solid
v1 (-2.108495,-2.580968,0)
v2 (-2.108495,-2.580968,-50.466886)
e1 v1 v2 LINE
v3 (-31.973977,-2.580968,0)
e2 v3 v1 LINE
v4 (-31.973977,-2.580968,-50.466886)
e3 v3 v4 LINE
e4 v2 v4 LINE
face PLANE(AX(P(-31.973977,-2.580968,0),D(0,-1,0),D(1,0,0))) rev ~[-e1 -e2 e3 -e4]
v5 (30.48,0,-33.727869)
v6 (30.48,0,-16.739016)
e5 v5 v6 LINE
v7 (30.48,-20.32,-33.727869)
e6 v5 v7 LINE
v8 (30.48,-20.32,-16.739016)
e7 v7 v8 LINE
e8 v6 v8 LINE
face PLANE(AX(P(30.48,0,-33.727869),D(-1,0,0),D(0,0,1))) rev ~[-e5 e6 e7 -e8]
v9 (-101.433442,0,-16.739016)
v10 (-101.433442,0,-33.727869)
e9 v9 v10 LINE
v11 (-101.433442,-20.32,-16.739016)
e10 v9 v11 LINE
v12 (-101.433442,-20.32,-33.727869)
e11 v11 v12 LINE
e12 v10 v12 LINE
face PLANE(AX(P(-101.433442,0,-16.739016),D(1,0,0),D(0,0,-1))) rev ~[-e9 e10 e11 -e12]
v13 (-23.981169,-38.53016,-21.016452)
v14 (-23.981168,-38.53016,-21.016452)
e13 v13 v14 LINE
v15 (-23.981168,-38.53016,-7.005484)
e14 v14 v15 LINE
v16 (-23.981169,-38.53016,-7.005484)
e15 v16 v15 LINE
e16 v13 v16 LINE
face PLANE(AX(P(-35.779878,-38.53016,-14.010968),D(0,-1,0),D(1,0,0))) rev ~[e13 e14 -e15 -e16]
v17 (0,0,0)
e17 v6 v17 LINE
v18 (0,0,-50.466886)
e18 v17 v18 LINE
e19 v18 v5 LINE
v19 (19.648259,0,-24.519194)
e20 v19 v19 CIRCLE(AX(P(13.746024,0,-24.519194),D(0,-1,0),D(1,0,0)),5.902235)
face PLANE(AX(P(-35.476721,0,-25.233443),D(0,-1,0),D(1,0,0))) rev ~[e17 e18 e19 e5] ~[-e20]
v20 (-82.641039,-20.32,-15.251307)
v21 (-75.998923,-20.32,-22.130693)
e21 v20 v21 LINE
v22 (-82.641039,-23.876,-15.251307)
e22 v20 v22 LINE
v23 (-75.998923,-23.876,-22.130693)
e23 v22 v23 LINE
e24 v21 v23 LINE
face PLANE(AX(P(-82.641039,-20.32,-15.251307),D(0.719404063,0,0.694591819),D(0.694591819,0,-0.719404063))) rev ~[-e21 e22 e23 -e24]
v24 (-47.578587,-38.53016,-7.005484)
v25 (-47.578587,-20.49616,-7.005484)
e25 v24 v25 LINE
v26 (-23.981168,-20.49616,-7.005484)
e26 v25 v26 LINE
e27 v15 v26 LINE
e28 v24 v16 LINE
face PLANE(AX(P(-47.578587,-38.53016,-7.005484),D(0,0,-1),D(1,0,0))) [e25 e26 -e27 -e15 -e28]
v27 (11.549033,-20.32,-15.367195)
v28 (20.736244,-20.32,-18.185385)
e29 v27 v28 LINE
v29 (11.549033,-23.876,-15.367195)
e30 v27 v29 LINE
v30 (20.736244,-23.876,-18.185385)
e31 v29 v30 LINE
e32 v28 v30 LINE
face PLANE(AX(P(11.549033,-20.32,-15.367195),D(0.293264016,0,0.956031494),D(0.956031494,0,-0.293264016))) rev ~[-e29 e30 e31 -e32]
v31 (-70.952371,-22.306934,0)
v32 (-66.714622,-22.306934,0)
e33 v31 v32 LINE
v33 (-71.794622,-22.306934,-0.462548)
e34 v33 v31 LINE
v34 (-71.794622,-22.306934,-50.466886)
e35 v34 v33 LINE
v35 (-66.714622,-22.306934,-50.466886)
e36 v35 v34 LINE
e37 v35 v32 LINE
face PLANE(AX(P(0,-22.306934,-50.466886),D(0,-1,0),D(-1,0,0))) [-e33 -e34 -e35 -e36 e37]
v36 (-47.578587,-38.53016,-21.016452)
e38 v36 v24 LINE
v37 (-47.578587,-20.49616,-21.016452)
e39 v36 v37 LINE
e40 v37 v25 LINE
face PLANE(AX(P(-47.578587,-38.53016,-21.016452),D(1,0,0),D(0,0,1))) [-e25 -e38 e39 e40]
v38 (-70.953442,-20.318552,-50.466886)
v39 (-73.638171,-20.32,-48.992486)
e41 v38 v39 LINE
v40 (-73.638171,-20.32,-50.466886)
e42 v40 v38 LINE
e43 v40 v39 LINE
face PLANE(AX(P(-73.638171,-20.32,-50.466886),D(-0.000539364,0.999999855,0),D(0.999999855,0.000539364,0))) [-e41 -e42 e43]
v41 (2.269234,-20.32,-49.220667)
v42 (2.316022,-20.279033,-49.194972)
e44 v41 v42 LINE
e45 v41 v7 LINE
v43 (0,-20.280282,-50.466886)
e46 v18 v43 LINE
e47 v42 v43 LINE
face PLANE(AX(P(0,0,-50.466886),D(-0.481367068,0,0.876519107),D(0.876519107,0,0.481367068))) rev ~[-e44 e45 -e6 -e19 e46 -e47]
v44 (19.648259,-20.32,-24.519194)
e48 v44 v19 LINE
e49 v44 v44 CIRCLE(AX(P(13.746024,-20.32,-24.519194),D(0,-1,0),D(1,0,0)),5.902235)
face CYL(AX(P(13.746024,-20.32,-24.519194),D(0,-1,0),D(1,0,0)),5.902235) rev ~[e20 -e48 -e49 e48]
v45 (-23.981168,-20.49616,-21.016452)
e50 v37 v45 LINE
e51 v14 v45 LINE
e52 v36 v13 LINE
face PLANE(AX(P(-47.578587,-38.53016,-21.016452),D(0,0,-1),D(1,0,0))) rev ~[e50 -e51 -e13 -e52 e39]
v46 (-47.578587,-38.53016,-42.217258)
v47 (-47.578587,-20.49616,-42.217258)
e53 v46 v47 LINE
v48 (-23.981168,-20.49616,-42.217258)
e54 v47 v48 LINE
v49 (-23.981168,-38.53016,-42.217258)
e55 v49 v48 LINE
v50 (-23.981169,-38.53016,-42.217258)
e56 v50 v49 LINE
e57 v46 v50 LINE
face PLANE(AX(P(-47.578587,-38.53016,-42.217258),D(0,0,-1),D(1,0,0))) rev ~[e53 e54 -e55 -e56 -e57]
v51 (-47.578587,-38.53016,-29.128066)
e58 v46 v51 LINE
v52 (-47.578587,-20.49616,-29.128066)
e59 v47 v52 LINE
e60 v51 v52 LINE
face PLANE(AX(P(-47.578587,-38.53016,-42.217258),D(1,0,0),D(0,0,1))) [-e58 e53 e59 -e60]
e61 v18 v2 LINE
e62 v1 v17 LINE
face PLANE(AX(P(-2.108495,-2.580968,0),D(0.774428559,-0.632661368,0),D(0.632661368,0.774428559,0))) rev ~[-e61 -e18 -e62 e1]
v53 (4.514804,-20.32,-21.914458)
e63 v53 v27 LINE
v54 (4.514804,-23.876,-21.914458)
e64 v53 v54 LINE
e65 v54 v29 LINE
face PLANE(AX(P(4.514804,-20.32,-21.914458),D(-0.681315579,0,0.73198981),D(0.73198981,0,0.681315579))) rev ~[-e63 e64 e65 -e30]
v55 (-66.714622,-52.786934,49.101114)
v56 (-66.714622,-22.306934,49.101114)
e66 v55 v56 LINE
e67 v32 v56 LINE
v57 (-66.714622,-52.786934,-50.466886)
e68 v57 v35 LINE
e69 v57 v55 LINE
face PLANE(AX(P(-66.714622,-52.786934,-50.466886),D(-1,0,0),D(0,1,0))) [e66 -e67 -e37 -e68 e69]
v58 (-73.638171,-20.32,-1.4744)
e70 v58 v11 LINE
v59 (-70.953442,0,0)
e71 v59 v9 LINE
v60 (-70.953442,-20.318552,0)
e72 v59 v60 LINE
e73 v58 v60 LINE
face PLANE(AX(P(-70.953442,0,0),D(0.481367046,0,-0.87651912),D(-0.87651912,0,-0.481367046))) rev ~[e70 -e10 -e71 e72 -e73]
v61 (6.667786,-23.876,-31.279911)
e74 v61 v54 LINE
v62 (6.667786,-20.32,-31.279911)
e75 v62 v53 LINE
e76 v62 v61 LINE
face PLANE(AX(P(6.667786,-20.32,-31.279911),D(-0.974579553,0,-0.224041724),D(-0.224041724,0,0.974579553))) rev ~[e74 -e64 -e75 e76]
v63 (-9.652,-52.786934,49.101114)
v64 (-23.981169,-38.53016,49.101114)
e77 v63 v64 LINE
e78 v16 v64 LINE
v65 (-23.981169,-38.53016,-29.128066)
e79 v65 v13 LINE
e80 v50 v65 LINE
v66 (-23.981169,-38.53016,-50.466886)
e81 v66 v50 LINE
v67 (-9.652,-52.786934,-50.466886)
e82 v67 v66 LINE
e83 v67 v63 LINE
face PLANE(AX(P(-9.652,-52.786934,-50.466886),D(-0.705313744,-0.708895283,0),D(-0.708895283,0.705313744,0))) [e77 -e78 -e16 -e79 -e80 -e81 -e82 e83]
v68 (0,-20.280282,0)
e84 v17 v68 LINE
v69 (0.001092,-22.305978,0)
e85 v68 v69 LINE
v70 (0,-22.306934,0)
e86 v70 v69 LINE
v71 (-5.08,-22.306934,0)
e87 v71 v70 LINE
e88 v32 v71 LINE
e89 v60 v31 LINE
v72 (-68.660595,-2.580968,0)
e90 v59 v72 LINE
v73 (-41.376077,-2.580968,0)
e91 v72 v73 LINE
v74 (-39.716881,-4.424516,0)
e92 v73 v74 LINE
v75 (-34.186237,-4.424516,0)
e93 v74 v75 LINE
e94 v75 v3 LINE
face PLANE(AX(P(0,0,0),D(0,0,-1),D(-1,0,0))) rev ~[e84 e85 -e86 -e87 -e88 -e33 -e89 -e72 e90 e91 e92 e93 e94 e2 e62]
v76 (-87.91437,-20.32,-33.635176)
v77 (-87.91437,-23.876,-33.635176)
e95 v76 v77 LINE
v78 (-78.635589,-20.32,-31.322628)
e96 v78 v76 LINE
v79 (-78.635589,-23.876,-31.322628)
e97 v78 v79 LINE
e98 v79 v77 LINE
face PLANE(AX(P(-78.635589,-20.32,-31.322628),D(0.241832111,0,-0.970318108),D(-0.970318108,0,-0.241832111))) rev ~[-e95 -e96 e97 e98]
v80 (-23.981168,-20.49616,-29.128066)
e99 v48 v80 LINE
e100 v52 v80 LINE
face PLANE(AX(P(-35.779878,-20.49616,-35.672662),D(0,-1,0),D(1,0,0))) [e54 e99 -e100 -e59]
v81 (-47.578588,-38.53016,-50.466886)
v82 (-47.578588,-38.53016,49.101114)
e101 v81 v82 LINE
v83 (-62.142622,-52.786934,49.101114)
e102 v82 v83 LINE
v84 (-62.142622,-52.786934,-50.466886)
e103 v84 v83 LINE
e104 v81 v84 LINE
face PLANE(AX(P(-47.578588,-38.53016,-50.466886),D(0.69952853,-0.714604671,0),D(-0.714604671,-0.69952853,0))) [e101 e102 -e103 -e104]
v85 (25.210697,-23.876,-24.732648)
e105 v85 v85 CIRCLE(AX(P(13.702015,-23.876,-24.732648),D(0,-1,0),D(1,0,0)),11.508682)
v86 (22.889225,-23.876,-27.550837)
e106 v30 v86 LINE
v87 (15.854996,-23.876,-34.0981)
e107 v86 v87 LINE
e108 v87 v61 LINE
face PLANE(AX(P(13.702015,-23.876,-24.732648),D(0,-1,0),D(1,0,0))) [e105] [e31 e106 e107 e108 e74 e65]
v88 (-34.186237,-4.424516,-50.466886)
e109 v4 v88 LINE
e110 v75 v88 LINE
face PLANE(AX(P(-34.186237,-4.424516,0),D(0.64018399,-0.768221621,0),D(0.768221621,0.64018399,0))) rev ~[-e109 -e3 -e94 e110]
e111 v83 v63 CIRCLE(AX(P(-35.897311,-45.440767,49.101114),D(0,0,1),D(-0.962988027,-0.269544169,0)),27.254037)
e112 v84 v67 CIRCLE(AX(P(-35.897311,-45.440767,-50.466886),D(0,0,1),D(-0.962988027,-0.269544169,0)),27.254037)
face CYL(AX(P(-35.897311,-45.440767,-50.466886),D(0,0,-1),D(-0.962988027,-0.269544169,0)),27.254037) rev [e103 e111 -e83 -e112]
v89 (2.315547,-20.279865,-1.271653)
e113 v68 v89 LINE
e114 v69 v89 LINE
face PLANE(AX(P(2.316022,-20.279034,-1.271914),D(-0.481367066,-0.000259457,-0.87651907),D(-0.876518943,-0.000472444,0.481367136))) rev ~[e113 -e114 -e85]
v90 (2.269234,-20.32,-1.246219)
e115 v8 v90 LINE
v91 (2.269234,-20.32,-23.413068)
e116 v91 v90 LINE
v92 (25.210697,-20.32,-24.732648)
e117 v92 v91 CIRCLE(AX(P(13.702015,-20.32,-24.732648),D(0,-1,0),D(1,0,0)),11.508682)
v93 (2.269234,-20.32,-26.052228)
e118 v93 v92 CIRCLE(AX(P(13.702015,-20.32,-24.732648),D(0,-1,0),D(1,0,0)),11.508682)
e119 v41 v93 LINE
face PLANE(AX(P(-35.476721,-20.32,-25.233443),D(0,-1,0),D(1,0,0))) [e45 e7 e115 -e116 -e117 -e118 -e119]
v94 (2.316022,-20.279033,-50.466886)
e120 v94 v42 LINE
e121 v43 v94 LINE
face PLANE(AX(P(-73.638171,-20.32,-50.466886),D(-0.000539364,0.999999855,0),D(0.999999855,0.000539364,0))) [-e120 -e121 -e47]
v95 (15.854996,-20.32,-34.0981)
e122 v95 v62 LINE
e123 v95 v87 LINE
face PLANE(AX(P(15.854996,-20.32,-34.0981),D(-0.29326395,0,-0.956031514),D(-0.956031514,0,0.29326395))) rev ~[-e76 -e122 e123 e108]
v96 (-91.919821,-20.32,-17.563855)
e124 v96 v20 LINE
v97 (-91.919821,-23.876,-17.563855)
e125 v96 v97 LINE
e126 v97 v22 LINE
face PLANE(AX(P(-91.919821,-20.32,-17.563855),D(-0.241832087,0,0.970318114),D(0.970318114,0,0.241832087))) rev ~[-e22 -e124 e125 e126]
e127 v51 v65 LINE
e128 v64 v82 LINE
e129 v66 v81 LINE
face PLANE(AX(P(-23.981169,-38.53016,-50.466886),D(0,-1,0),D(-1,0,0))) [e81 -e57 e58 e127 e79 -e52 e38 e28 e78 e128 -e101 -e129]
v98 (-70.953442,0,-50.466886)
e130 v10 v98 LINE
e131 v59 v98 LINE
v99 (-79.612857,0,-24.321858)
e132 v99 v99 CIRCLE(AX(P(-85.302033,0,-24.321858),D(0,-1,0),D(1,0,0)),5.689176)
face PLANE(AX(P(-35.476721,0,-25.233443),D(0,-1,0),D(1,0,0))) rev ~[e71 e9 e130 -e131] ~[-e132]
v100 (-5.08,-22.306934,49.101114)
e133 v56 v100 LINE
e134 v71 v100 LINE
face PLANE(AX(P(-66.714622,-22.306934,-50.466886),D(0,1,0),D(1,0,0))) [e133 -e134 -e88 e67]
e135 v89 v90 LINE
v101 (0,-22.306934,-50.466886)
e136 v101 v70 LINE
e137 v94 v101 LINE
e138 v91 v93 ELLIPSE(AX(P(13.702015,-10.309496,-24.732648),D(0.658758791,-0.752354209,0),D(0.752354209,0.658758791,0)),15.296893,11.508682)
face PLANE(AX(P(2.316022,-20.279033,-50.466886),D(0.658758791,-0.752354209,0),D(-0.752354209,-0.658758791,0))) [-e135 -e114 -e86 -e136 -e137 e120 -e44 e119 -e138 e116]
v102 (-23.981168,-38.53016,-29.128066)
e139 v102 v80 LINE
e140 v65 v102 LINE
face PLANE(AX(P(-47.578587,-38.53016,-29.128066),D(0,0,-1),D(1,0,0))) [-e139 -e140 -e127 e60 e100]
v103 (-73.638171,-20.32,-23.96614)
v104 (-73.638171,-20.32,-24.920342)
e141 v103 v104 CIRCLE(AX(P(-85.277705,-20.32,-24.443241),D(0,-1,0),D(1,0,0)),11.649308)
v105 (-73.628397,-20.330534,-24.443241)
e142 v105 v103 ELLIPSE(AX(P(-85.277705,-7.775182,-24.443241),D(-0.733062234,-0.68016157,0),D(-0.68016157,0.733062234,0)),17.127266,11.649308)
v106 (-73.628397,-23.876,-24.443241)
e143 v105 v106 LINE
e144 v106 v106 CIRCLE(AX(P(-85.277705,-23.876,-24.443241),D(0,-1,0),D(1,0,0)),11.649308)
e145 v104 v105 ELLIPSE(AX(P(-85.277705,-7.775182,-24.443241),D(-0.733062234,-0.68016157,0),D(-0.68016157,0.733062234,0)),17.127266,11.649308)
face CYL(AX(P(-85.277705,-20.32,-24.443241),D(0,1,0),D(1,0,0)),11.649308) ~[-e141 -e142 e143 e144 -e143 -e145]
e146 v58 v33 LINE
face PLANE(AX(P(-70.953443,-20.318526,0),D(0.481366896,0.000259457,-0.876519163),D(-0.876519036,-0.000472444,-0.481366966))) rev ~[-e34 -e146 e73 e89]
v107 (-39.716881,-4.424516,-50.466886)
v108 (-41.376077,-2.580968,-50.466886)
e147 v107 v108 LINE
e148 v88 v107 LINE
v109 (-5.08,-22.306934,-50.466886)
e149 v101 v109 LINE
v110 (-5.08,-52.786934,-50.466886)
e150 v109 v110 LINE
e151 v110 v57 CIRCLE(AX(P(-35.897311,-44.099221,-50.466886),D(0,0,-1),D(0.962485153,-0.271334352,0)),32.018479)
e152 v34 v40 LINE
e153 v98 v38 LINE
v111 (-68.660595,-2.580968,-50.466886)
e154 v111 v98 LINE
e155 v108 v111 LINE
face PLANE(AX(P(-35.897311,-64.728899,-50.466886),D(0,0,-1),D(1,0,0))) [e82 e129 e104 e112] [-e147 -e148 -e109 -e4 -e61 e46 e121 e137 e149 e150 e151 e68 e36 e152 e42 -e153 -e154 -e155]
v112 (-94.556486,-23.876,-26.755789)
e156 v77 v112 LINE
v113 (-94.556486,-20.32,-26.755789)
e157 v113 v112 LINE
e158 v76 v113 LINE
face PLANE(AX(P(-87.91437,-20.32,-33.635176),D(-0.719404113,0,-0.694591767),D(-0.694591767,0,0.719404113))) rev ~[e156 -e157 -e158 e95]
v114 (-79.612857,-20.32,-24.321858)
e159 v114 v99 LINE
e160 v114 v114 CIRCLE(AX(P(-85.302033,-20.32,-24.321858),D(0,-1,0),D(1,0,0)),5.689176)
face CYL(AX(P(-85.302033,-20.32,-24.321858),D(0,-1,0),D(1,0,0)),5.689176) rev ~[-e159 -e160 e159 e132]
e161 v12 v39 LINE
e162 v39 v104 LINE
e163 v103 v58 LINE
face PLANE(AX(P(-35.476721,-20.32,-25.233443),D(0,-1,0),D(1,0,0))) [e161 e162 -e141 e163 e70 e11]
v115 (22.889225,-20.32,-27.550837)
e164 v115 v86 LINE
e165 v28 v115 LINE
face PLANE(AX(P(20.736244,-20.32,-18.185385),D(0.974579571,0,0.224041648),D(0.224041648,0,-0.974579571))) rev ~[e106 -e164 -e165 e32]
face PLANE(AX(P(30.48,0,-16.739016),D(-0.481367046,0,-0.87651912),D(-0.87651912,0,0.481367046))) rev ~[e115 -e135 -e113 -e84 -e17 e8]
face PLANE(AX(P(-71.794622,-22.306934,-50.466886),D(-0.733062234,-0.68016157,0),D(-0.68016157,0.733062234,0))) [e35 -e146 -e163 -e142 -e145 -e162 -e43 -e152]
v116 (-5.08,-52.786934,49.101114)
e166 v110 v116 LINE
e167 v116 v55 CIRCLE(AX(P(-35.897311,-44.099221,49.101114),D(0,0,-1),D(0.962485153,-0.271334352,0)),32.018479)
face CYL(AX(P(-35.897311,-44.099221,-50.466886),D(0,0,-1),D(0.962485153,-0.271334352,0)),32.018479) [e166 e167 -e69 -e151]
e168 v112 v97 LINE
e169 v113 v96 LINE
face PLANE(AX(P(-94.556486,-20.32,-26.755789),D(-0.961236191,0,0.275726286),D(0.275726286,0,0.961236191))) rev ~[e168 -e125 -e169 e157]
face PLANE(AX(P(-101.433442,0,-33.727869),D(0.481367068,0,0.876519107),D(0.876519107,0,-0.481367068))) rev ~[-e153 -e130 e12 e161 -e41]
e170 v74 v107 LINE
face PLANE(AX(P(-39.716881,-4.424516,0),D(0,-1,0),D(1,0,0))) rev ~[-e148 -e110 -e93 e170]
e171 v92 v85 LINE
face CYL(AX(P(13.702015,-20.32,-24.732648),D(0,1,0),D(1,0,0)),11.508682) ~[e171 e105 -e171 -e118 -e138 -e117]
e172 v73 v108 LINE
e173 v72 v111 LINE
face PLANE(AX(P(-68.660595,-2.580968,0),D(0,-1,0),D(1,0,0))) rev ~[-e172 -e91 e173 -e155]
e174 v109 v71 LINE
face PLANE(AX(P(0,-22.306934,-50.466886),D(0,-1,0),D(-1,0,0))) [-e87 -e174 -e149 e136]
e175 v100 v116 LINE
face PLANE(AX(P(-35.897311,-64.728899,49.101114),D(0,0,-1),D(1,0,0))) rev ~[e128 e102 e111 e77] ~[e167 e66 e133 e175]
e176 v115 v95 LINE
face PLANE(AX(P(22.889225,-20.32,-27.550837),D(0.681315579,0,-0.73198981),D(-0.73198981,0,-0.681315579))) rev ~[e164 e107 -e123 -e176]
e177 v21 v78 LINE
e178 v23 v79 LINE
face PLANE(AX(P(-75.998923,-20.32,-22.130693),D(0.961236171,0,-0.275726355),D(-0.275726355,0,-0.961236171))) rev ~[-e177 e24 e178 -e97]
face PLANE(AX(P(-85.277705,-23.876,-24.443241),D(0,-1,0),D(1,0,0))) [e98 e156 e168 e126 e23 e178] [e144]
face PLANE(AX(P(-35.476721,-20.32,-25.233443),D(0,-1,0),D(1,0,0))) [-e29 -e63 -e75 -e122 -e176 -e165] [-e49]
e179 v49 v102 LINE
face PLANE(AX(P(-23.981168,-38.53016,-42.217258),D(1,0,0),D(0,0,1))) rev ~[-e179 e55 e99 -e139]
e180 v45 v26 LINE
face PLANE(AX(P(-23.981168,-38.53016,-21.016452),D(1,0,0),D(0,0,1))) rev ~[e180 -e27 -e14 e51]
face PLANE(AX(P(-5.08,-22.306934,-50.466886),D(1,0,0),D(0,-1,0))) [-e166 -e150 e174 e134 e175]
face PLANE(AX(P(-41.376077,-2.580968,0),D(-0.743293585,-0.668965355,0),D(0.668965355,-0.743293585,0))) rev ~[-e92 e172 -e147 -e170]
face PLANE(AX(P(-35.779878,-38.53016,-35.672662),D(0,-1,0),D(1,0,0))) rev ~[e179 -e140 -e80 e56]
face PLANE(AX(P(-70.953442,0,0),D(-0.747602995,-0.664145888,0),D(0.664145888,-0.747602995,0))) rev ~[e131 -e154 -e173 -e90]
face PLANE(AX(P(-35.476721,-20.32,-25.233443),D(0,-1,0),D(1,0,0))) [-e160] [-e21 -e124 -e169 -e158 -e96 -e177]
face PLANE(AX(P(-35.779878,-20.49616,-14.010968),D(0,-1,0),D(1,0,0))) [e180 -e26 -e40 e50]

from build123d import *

# Parameters (mm, degrees)
F1_DEPTH  = 20.32
F3_DEPTH  = 53.848
F5_DEPTH  = 25.4
F7_DEPTH  = 54.356
F8_R      = 11.508682
F8_R_2    = 11.649308
F9_DEPTH  = 3.556
F10_R     = 5.689176
F10_R_2   = 5.902235
F11_DEPTH = 29.972
F13_DEPTH = 99.568
F14_W     = 23.597419
F14_H     = 13.089193
F14_H_2   = 14.010968
F15_DEPTH = 18.034
F17_DEPTH = 99.568


with BuildPart() as f1:
    # F0 (on Front) → F1 (new body)
    with BuildSketch(Plane.XZ):
        Polygon((0, 0), (-70.953442, 0), (-101.433442, -16.739016), (-101.433442, -33.727869), (-70.953442, -50.466886), (0, -50.466886), (30.48, -33.727869), (30.48, -16.739016), align=None)
    extrude(amount=F1_DEPTH)

    # F2 (on face) → F3 (join)
    with BuildSketch(Plane(origin=(0, 0, -50.466886), x_dir=(1, 0, 0), z_dir=(0, 0, -1))):
        Polygon((-73.638171, 20.32), (2.316022, 20.279033), (0, 22.306934), (-71.794622, 22.306934), align=None)
    extrude(amount=-F3_DEPTH)

    # F4 (on face) → F5 (cut)
    with BuildSketch(Plane(origin=(0.010938, -20.280276, 0), x_dir=(-1, -0.000539, 0), z_dir=(-0.000539, 1, 0))):
        Polygon((70.964391, 0), (73.64912, -1.4744), (73.64912, 3.381114), (-2.305084, 3.381114), (-2.305084, -1.271914), (0.010938, 0), align=None)
    extrude(amount=-F5_DEPTH, mode=Mode.SUBTRACT)

    # F6 (on face) → F7 (cut)
    with BuildSketch(Plane.XY):
        Polygon((-2.108495, -2.580968), (0, 0), (-70.953442, 0), (-68.660595, -2.580968), (-41.376077, -2.580968), (-39.716881, -4.424516), (-34.186237, -4.424516), (-31.973977, -2.580968), align=None)
    extrude(amount=-F7_DEPTH, mode=Mode.SUBTRACT)

    # F8 (on face) → F9 (join)
    with BuildSketch(Plane.XZ.offset(20.32)):
        with Locations((13.702015, -24.732648)):
            Circle(F8_R)
        Polygon((4.514804, -21.914458), (11.549033, -15.367195), (20.736244, -18.185385), (22.889225, -27.550837), (15.854996, -34.0981), (6.667786, -31.279911), align=None, mode=Mode.SUBTRACT)
        with Locations((-85.277705, -24.443241)):
            Circle(F8_R_2)
        Polygon((-94.556486, -26.755789), (-91.919821, -17.563855), (-82.641039, -15.251307), (-75.998923, -22.130693), (-78.635589, -31.322628), (-87.91437, -33.635176), align=None, mode=Mode.SUBTRACT)
    extrude(amount=F9_DEPTH)

    # F10 (on face) → F11 (cut)
    with BuildSketch(Plane.XZ.offset(20.32)):
        with Locations((-85.302033, -24.321858)):
            Circle(F10_R)
        with Locations((13.746024, -24.519194)):
            Circle(F10_R_2)
    extrude(amount=-F11_DEPTH, mode=Mode.SUBTRACT)

    # F12 (on face) → F13 (join)
    with BuildSketch(Plane(origin=(0, 0, -50.466886), x_dir=(1, 0, 0), z_dir=(0, 0, -1))):
        Polygon((-66.714622, 52.786934), (-66.714622, 22.306934), (-5.08, 22.306934), (-5.08, 52.786934), (-9.652, 52.786934), (-23.981169, 38.53016), (-47.578588, 38.53016), (-62.142622, 52.786934), align=None)
    extrude(amount=-F13_DEPTH)

    # F14 (on face) → F15 (cut)
    with BuildSketch(Plane.XZ.offset(38.53016)):
        with Locations((-35.779878, -35.672662)):
            Rectangle(F14_W, F14_H)
        with Locations((-35.779878, -14.010968)):
            Rectangle(F14_W, F14_H_2)
    extrude(amount=-F15_DEPTH, mode=Mode.SUBTRACT)

    # F16 (on face) → F17 (join)
    with BuildSketch(Plane(origin=(0, 0, -50.466886), x_dir=(1, 0, 0), z_dir=(0, 0, -1))):
        with BuildLine():
            Line((-9.652, 52.786934), (-5.08, 52.786934))
            ThreePointArc((-5.08, 52.786934), (-35.897311, 76.1177), (-66.714622, 52.786934))
            Line((-66.714622, 52.786934), (-62.142622, 52.786934))
            ThreePointArc((-62.142622, 52.786934), (-35.897311, 72.694804), (-9.652, 52.786934))
        make_face()
    extrude(amount=-F17_DEPTH)


solid = f1.part
